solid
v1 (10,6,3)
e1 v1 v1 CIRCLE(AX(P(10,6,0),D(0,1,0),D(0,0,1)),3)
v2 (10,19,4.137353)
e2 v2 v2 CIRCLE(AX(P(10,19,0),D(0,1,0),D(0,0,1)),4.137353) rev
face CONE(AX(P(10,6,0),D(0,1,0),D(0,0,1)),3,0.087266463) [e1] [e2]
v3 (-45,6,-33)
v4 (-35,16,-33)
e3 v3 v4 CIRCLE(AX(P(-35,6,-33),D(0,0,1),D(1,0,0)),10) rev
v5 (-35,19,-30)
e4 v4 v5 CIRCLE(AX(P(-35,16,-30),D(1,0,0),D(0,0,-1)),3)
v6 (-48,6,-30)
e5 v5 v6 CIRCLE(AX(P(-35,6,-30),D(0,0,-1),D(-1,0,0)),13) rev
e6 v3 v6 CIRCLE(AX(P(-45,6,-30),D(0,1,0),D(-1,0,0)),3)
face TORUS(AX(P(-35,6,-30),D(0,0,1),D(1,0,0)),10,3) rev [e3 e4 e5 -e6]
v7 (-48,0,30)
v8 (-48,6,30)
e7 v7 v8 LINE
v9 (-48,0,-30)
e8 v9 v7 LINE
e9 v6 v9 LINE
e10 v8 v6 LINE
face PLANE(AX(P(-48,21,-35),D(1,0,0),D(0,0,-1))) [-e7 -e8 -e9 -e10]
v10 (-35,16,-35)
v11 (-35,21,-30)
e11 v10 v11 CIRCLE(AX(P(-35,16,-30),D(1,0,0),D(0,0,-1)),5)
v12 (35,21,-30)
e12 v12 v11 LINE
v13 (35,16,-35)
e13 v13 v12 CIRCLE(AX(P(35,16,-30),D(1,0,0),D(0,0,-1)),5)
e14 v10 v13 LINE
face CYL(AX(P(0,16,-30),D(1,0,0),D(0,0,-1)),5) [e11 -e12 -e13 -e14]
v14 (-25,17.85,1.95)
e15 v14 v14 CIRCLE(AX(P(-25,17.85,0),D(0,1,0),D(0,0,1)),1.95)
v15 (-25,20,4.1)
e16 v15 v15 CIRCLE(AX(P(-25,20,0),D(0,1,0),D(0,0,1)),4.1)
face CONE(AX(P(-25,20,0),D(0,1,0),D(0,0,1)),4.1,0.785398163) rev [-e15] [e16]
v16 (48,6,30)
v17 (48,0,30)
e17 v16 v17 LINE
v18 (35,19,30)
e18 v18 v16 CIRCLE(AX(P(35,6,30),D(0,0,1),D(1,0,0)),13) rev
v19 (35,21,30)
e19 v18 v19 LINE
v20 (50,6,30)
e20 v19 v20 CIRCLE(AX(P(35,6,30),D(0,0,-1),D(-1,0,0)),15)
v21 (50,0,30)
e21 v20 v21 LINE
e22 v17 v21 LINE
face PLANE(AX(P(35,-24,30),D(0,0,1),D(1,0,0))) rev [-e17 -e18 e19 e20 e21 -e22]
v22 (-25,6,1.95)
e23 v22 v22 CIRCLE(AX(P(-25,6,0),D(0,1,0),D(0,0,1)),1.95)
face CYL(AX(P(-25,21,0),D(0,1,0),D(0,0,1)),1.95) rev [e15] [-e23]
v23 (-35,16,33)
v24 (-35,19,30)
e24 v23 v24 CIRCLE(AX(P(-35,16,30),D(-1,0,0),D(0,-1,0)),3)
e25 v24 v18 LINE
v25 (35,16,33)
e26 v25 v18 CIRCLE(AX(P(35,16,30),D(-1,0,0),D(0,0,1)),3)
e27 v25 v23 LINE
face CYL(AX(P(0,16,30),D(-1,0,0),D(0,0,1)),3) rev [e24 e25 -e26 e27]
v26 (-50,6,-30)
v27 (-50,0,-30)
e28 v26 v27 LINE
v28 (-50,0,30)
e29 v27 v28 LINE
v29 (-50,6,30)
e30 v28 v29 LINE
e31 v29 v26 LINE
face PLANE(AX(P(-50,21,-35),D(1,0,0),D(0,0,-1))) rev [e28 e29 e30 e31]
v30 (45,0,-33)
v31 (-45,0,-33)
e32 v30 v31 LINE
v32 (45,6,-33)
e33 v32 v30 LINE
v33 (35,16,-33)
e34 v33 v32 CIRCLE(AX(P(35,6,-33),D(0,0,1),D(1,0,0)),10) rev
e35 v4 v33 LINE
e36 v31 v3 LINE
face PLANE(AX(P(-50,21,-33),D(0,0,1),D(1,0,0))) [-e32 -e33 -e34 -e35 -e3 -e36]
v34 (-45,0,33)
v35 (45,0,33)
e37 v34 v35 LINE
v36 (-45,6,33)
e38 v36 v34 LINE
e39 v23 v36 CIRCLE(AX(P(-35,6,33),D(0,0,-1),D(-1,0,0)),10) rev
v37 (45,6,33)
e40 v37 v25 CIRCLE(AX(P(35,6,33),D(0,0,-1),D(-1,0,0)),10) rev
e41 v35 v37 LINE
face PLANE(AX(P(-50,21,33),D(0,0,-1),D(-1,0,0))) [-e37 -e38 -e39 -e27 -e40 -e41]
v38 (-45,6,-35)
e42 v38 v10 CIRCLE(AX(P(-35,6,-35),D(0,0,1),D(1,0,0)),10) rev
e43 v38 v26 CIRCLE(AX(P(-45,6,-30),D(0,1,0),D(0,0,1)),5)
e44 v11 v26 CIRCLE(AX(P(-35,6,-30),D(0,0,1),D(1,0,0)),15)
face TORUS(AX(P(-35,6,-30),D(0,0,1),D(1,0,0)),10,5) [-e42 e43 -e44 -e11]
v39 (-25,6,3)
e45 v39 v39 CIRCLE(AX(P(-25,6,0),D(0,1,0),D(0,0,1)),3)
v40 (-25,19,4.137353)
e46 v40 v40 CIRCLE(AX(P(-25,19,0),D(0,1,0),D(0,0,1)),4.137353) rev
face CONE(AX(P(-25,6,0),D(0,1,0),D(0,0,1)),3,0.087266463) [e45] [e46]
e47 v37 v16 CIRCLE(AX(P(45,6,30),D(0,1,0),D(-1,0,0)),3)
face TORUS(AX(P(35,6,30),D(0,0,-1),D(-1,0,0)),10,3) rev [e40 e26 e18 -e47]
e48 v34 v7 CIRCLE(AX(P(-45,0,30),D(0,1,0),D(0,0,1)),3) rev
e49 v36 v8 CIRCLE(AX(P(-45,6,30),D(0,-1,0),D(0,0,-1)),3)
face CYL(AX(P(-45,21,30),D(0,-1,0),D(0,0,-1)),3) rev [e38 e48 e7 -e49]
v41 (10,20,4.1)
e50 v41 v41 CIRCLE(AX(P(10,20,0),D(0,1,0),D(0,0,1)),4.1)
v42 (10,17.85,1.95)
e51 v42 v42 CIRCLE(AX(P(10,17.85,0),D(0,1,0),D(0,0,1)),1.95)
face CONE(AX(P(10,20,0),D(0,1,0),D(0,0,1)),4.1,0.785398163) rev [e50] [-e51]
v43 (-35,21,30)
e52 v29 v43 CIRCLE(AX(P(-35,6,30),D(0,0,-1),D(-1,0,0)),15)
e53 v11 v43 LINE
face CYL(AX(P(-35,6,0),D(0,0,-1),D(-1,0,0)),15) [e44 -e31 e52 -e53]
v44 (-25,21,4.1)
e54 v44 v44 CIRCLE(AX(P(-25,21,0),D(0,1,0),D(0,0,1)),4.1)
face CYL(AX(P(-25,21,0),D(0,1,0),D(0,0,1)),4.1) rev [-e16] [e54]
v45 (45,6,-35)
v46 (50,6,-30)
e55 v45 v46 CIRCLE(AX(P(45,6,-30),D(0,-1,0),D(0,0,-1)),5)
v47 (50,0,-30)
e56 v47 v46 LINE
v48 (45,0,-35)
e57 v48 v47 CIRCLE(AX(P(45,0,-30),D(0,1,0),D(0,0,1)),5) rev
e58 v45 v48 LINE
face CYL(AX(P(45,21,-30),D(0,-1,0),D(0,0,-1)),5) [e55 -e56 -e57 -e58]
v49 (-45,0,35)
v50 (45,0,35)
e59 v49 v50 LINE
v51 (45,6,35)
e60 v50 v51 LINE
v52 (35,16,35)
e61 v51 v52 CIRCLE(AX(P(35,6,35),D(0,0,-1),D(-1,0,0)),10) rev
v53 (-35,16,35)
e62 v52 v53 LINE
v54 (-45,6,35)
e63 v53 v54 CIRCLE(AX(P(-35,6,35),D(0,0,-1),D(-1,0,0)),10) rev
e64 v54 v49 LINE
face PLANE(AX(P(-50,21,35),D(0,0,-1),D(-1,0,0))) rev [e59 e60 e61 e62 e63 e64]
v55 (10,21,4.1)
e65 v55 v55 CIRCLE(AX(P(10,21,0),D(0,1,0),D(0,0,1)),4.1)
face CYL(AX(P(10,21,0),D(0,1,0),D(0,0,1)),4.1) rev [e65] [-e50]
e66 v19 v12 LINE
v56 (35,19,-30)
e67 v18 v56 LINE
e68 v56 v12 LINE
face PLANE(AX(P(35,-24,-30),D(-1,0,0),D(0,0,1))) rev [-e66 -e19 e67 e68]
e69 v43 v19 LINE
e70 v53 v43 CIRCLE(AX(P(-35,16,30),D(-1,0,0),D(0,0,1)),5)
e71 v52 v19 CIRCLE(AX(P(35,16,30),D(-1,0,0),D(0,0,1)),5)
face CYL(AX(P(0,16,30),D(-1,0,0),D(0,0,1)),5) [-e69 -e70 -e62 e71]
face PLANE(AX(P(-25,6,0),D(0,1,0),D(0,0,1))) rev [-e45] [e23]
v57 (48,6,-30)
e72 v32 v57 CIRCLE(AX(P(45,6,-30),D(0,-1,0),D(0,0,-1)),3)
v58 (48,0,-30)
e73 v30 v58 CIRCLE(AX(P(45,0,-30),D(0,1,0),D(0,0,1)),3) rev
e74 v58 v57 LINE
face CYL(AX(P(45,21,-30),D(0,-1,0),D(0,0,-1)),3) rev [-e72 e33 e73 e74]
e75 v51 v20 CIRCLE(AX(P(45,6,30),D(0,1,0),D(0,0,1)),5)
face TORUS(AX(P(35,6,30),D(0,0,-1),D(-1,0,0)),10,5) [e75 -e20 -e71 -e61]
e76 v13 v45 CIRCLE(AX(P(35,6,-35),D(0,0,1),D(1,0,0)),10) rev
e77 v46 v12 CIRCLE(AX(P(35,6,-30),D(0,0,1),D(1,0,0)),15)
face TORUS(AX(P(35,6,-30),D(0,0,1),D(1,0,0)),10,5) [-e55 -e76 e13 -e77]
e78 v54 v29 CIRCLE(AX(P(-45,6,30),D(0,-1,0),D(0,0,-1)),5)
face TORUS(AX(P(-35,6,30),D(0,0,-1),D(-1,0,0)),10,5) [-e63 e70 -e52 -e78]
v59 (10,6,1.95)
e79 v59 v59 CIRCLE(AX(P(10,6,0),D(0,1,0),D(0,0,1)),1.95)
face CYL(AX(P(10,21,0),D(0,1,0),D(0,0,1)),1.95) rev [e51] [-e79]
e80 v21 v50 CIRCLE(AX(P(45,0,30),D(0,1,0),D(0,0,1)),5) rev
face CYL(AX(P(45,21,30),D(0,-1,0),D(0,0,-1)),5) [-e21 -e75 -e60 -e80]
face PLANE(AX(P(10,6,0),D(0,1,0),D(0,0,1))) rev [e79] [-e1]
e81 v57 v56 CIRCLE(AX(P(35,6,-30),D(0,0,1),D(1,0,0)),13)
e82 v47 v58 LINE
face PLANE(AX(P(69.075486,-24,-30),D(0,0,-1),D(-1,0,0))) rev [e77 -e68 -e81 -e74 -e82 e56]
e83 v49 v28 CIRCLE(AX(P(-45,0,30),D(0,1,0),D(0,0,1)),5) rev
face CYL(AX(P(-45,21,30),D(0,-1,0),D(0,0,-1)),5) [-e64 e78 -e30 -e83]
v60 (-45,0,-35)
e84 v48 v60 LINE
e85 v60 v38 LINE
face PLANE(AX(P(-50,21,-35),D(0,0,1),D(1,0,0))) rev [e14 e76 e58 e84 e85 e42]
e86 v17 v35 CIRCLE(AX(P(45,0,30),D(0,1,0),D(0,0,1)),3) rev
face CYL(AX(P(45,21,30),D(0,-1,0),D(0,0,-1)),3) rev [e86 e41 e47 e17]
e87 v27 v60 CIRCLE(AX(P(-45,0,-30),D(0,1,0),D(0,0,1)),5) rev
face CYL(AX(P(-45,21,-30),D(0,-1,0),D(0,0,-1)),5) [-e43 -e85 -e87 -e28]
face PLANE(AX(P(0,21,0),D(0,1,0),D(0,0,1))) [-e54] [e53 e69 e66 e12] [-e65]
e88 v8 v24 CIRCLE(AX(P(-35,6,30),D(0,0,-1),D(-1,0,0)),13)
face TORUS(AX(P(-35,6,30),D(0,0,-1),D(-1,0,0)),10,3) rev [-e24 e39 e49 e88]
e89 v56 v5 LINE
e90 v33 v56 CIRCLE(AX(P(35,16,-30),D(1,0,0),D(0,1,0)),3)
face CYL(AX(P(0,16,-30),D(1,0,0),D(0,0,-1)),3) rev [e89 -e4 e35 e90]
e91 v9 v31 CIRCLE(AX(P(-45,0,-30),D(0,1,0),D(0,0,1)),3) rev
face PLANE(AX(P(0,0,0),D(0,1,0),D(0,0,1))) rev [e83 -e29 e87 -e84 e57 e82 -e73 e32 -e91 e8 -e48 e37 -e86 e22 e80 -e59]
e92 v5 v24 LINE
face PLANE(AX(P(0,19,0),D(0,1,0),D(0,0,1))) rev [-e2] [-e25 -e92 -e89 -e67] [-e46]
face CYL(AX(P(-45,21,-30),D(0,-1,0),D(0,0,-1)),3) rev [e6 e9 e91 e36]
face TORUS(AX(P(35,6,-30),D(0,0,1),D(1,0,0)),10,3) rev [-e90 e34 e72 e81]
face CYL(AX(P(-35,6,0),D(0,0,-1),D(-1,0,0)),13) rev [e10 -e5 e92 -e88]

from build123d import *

# Parameters (mm, degrees)
SKETCH1_W                                     = 100
SKETCH1_H                                     = 70
BOSS_EXTRUDE1_DEPTH                           = 21
FILLET1_R                                     = 15
FILLET2_R                                     = 5
SHELL1_T                                      = -2
SKETCH2_W                                     = 34.075485645
SKETCH2_H                                     = 60
CUT_EXTRUDE1_DEPTH                            = 45
BOSS_EXTRUDE2_REACH                           = 64.849
SKETCH4_R                                     = 3
BOSS_EXTRUDE2_DRAFT                           = -5
CSK_FOR_M10_FLAT_HEAD_MACHINE_SCREW4_AT_COUNT = 2
CSK_FOR_M10_FLAT_HEAD_MACHINE_SCREW4_AT_PITCH = 35


with BuildPart() as part:
    # Sketch1 → Boss-Extrude1 (new body)
    with BuildSketch(Plane(origin=(0, 0, 0), x_dir=(1, 0, 0), z_dir=(0, 1, 0))):
        Rectangle(SKETCH1_W, SKETCH1_H)
    extrude(amount=BOSS_EXTRUDE1_DEPTH)

    # Fillet1
    fillet1_edges = [part.edges().sort_by_distance(p)[0] for p in [
        (-50, 21, 0),
        (50, 21, 0),
    ]]
    fillet(fillet1_edges, radius=FILLET1_R)

    # Fillet2
    fillet2_edges = [part.edges().sort_by_distance(p)[0] for p in [
        (0, 21, -35),
        (0, 21, 35),
        (-50, 3, -35),
        (50, 3, -35),
        (-45.606601718, 16.606601718, -35),
        (45.606601718, 16.606601718, -35),
        (50, 3, 35),
        (-50, 3, 35),
        (-45.606601718, 16.606601718, 35),
        (45.606601718, 16.606601718, 35),
    ]]
    fillet(fillet2_edges, radius=FILLET2_R)

    # Shell1
    shell1_openings = [part.faces().sort_by_distance(p)[0] for p in [
        (0, 0, 0),
    ]]
    offset(amount=SHELL1_T, openings=shell1_openings, kind=Kind.INTERSECTION)

    # Sketch2 → Cut-Extrude1 (cut)
    with BuildSketch(Plane(origin=(0, 21, 0), x_dir=(1, 0, 0), z_dir=(0, 1, 0))):
        with Locations((52.037742823, 0)):
            Rectangle(SKETCH2_W, SKETCH2_H)
    extrude(amount=-CUT_EXTRUDE1_DEPTH, mode=Mode.SUBTRACT)




with BuildPart() as boss_extrude2_long_prism_1:
    # Sketch4 → Boss-Extrude2 (the long prism of profile 1, to be tilted and cut off)
    with BuildSketch(Plane(origin=(0, 6, 0), x_dir=(1, 0, 0), z_dir=(0, 1, 0))):
        with Locations((-25, 0)):
            Circle(SKETCH4_R)
    extrude(amount=BOSS_EXTRUDE2_REACH)
    boss_extrude2_tool1_sides = [boss_extrude2_long_prism_1.faces().sort_by_distance(p)[0] for p in [
        (-28, 38.4245, 0),
    ]]
    draft(boss_extrude2_tool1_sides, Plane(origin=(0, 6, 0), x_dir=(1, 0, 0), z_dir=(0, 1, 0)), BOSS_EXTRUDE2_DRAFT)  # the draft: side faces tilted about the start plane


with BuildPart() as part_1:
    add(part.part)
    boss_extrude2_tool1 = boss_extrude2_long_prism_1.part - part.part



with BuildPart() as boss_extrude2_long_prism_2:
    # Sketch4 → Boss-Extrude2 (the long prism of profile 2, to be tilted and cut off)
    with BuildSketch(Plane(origin=(0, 6, 0), x_dir=(1, 0, 0), z_dir=(0, 1, 0))):
        with Locations((10, 0)):
            Circle(SKETCH4_R)
    extrude(amount=BOSS_EXTRUDE2_REACH)
    boss_extrude2_tool2_sides = [boss_extrude2_long_prism_2.faces().sort_by_distance(p)[0] for p in [
        (7, 38.4245, 0),
    ]]
    draft(boss_extrude2_tool2_sides, Plane(origin=(0, 6, 0), x_dir=(1, 0, 0), z_dir=(0, 1, 0)), BOSS_EXTRUDE2_DRAFT)  # the draft: side faces tilted about the start plane


with BuildPart() as part_2:
    add(part_1.part)
    boss_extrude2_tool2 = boss_extrude2_long_prism_2.part - part.part
    add(boss_extrude2_tool1.solids().sort_by_distance((-25, 6, 0))[0])
    add(boss_extrude2_tool2.solids().sort_by_distance((10, 6, 0))[0])

    # Sketch13 → CSK for M10 Flat Head Machine Screw4 (revolve, cut)
    with BuildSketch(Plane(origin=(-25, 21, 0), x_dir=(0, 0, 1), z_dir=(1, 0, 0))):
        Polygon((0, 0), (0, 15), (1.95, 15), (1.95, 3.15), (4.1, 1), (4.1, 0), align=None)
    csk_for_m10_flat_head_machine_screw4 = revolve(axis=Axis((-25, 27.35, 0), (0, -1, 0)), mode=Mode.SUBTRACT)

    # CSK for M10 Flat Head Machine Screw4 at: CSK for M10 Flat Head Machine Screw4 ×2
    with Locations(*[(i * CSK_FOR_M10_FLAT_HEAD_MACHINE_SCREW4_AT_PITCH, 0, 0) for i in range(1, CSK_FOR_M10_FLAT_HEAD_MACHINE_SCREW4_AT_COUNT)]):
        add(csk_for_m10_flat_head_machine_screw4, mode=Mode.SUBTRACT)


solid = part_2.part
